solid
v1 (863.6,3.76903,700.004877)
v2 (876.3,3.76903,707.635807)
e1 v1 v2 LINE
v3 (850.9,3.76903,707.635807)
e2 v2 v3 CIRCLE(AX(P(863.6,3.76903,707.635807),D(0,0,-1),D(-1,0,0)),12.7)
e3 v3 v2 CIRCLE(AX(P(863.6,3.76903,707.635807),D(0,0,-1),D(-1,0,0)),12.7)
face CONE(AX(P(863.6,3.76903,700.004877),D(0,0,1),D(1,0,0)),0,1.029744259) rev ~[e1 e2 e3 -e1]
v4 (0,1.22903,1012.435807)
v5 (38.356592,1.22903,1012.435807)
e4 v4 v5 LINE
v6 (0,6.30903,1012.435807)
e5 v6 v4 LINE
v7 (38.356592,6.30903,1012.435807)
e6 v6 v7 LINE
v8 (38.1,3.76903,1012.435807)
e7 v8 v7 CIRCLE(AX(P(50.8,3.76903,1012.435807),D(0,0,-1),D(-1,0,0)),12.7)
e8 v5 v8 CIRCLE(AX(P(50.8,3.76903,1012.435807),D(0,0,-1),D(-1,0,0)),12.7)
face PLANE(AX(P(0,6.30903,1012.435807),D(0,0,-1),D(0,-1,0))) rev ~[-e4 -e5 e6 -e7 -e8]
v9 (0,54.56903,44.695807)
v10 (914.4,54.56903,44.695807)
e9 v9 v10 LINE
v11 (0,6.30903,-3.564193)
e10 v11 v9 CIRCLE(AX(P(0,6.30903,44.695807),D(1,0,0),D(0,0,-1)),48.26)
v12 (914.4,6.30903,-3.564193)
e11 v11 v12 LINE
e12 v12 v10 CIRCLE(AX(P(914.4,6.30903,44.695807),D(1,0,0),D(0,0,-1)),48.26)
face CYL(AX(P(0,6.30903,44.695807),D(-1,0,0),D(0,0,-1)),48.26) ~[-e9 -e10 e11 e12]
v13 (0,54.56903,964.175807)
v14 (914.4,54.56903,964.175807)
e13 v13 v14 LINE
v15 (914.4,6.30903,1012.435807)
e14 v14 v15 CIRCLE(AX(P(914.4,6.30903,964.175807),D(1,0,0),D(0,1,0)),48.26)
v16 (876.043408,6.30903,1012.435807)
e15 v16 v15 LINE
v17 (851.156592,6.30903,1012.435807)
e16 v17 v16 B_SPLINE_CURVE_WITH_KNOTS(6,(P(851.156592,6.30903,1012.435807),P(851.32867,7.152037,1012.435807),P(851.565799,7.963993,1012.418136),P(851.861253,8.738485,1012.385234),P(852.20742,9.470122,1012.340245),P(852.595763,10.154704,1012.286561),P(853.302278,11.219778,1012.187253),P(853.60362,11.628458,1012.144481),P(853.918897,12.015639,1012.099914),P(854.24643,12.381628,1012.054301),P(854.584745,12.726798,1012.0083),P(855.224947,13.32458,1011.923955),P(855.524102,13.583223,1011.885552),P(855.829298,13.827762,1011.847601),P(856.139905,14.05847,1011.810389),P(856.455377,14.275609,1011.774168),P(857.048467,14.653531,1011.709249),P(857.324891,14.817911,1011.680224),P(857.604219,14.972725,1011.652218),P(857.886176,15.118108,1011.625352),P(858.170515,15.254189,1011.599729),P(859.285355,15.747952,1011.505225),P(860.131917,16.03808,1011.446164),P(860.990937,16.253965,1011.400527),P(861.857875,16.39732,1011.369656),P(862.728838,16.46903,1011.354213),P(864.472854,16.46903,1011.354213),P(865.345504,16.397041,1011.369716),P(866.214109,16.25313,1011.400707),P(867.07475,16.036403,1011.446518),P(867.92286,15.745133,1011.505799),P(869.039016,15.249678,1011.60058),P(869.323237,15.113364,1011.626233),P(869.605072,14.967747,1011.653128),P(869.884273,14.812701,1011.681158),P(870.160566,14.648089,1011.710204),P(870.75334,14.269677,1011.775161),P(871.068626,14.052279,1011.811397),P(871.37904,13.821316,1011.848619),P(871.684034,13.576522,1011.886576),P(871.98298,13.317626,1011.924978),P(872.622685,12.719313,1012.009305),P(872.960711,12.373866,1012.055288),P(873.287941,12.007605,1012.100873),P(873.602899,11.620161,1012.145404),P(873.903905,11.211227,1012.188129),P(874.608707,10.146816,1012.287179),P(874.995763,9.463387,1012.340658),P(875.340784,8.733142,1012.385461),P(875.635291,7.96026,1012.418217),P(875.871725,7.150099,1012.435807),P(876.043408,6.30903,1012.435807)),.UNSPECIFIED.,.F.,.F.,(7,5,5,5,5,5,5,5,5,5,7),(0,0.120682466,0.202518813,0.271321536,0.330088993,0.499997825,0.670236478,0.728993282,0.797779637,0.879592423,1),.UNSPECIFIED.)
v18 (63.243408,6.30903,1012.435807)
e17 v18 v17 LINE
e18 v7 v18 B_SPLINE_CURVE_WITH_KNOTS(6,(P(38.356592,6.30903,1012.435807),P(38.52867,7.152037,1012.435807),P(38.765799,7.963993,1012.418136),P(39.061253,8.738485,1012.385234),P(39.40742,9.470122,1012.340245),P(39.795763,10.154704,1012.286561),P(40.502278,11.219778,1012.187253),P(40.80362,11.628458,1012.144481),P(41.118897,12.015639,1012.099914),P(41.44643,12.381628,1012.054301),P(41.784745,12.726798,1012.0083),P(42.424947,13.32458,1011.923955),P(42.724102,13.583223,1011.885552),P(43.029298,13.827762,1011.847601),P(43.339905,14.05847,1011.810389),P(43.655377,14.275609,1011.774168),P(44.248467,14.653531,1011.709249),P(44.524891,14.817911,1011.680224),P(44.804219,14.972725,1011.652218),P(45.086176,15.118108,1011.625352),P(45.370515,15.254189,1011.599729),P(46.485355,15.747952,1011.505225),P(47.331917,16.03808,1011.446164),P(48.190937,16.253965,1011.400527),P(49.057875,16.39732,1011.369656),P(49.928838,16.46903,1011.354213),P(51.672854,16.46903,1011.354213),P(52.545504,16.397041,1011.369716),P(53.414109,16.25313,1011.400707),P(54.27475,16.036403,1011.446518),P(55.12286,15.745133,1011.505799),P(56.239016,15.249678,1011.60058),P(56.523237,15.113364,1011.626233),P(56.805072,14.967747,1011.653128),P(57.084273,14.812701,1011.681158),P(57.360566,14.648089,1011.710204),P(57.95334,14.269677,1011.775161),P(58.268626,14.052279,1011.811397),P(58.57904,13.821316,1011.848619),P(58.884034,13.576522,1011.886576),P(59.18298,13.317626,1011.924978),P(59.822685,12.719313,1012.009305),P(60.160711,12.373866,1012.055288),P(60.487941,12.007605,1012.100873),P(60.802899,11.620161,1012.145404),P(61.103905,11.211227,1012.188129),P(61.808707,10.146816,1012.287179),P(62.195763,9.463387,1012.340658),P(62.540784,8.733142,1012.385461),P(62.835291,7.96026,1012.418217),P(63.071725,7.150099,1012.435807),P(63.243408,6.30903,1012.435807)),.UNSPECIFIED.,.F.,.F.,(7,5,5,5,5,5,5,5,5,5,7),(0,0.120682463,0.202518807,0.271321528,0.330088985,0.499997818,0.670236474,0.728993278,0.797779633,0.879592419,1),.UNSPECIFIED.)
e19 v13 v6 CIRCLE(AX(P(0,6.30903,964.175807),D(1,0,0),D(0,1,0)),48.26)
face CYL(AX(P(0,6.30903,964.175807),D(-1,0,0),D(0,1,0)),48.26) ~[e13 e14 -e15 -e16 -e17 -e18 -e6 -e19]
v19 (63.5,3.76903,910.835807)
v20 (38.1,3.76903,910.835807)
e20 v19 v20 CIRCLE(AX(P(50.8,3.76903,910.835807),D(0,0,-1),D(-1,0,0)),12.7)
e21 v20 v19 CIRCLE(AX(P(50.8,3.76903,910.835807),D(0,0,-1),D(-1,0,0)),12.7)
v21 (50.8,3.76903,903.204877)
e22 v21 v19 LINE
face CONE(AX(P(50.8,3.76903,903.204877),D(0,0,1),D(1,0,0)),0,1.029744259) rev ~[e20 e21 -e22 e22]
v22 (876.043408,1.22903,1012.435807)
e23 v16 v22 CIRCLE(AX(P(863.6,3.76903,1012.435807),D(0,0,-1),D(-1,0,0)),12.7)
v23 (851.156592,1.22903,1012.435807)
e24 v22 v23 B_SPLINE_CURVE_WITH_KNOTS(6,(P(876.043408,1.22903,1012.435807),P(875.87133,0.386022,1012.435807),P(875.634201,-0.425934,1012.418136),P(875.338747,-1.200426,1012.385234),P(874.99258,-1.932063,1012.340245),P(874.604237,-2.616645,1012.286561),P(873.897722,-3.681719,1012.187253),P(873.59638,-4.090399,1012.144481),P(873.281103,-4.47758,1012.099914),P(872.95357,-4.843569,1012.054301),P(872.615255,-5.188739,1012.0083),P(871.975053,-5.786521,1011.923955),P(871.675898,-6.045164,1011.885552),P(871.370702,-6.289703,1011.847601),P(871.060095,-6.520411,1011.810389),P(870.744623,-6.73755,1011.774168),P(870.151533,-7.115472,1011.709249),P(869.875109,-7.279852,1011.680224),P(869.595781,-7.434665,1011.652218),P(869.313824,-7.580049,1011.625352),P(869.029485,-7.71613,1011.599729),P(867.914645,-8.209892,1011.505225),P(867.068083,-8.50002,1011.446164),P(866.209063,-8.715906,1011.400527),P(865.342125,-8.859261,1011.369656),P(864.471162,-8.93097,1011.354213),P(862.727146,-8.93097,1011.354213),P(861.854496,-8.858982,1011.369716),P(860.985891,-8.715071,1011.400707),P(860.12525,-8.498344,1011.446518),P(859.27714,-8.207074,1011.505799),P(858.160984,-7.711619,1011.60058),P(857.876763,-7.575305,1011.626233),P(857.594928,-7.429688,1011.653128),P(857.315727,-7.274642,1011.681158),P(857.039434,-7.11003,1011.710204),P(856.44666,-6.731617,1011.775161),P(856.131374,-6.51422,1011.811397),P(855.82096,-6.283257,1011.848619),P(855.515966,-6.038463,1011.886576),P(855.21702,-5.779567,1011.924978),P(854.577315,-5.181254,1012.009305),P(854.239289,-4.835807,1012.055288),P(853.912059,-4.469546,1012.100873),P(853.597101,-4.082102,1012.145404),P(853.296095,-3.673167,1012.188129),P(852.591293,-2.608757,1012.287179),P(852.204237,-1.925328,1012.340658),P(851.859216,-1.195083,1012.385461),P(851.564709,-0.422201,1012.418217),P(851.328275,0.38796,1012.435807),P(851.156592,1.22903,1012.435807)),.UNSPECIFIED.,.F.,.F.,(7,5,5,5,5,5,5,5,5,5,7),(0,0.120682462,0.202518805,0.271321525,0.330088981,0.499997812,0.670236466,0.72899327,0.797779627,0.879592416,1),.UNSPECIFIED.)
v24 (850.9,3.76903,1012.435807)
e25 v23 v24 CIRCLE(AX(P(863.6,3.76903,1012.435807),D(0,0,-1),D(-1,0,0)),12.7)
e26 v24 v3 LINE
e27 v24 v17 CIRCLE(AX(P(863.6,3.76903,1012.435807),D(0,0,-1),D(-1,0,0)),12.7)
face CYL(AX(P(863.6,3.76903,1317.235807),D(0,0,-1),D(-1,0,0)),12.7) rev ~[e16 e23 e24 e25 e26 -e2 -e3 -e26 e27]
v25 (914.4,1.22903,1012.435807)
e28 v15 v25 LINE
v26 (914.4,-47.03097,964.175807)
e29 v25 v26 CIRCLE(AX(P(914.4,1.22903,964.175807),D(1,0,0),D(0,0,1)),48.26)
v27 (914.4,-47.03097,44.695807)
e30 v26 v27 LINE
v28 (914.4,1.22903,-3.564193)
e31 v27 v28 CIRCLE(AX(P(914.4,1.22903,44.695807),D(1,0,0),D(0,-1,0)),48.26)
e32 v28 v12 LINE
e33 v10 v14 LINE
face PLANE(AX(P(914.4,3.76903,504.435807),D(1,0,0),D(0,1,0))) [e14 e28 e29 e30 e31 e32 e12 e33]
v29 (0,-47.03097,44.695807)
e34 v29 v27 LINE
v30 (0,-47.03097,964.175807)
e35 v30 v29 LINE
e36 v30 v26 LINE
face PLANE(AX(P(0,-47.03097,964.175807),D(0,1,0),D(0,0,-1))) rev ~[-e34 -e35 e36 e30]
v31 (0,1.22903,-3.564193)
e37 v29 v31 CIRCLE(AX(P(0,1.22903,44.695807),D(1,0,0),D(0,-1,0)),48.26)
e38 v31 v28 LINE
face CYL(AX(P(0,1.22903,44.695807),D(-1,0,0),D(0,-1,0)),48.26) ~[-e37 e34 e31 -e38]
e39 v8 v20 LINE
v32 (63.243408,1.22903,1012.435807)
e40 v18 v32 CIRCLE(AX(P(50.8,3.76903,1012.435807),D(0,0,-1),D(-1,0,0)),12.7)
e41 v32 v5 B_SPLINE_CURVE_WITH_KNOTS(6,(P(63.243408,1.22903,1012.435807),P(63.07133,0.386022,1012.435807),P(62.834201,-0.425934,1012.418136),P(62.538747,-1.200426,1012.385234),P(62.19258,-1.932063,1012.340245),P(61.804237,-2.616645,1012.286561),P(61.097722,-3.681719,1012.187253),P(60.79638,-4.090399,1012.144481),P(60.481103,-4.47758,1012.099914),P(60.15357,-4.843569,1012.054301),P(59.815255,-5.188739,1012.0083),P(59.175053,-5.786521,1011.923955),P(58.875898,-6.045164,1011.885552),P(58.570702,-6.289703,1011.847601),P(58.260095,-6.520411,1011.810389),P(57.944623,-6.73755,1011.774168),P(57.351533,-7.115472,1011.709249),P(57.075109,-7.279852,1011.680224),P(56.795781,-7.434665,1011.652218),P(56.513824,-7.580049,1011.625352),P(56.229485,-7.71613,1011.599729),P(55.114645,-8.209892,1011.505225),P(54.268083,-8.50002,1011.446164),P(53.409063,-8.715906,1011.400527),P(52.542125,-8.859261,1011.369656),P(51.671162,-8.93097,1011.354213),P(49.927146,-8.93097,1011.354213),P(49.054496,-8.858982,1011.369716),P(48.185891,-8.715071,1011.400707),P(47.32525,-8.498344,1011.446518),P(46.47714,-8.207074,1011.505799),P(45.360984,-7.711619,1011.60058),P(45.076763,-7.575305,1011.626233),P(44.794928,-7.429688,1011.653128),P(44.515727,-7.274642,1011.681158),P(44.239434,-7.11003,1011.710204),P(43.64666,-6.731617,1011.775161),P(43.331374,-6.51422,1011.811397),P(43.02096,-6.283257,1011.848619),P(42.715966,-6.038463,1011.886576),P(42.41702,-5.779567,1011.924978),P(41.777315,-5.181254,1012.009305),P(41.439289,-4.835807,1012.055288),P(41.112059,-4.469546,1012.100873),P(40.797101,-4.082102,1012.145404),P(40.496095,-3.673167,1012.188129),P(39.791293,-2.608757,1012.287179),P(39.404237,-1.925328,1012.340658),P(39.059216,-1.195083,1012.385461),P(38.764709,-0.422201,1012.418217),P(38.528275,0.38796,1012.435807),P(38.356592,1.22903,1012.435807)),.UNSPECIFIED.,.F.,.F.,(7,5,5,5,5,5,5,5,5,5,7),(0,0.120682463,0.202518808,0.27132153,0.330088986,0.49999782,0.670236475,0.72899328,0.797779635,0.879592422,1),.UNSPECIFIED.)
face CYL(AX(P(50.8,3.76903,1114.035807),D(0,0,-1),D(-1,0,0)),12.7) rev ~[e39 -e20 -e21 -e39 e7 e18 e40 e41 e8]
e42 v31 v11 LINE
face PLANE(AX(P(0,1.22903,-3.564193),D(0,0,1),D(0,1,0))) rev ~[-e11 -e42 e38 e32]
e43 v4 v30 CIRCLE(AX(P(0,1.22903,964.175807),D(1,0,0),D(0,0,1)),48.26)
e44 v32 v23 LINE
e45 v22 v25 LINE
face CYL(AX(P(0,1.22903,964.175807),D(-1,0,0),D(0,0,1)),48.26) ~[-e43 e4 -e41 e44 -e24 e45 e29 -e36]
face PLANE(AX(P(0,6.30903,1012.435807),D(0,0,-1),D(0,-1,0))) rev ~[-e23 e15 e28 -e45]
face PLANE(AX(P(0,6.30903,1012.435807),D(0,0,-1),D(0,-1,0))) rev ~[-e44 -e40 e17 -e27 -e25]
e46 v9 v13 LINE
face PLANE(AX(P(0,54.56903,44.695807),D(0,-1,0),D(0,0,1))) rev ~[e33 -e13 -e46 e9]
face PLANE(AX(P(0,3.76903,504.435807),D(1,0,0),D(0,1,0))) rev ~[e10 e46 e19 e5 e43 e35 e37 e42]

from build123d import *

# Parameters (mm, degrees)
F1_DEPTH = 914.4
F3_D     = 25.4
F3_DEPTH = 101.6
F3_TIP   = 7.6309298617
F4_D     = 25.4
F4_DEPTH = 304.8
F4_TIP   = 7.6309298617


with BuildPart() as f1:
    # F0 (on Right) → F1 (new body)
    with BuildSketch(Plane.YZ):
        with BuildLine():
            Line((6.3090295458, 1012.4358065891), (1.2290295458, 1012.4358065891))
            ThreePointArc((1.2290295458, 1012.4358065891), (-32.8959437143, 998.3007798492), (-47.0309704542, 964.1758065891))
            Line((-47.0309704542, 964.1758065891), (-47.0309704542, 44.6958065891))
            ThreePointArc((-47.0309704542, 44.6958065891), (-32.8959437143, 10.5708333291), (1.2290295458, -3.5641934109))
            Line((1.2290295458, -3.5641934109), (6.3090295458, -3.5641934109))
            ThreePointArc((6.3090295458, -3.5641934109), (40.4340028058, 10.5708333291), (54.5690295458, 44.6958065891))
            Line((54.5690295458, 44.6958065891), (54.5690295458, 964.1758065891))
            ThreePointArc((54.5690295458, 964.1758065891), (40.4340028058, 998.3007798492), (6.3090295458, 1012.4358065891))
        make_face()
    extrude(amount=F1_DEPTH)

    # F3
    with Locations(Plane.XY.offset(1012.4358065891)):
        with Locations((50.8, 3.7690295458)):
            Hole(F3_D / 2, depth=F3_DEPTH)
            with Locations((0, 0, -(F3_DEPTH + F3_TIP / 2))):  # 118° drill point
                Cone(0, F3_D / 2, F3_TIP, mode=Mode.SUBTRACT)

    # F4
    with Locations(Plane.XY.offset(1012.4358065891)):
        with Locations((863.6, 3.7690295458)):
            Hole(F4_D / 2, depth=F4_DEPTH)
            with Locations((0, 0, -(F4_DEPTH + F4_TIP / 2))):  # 118° drill point
                Cone(0, F4_D / 2, F4_TIP, mode=Mode.SUBTRACT)


solid = f1.part
